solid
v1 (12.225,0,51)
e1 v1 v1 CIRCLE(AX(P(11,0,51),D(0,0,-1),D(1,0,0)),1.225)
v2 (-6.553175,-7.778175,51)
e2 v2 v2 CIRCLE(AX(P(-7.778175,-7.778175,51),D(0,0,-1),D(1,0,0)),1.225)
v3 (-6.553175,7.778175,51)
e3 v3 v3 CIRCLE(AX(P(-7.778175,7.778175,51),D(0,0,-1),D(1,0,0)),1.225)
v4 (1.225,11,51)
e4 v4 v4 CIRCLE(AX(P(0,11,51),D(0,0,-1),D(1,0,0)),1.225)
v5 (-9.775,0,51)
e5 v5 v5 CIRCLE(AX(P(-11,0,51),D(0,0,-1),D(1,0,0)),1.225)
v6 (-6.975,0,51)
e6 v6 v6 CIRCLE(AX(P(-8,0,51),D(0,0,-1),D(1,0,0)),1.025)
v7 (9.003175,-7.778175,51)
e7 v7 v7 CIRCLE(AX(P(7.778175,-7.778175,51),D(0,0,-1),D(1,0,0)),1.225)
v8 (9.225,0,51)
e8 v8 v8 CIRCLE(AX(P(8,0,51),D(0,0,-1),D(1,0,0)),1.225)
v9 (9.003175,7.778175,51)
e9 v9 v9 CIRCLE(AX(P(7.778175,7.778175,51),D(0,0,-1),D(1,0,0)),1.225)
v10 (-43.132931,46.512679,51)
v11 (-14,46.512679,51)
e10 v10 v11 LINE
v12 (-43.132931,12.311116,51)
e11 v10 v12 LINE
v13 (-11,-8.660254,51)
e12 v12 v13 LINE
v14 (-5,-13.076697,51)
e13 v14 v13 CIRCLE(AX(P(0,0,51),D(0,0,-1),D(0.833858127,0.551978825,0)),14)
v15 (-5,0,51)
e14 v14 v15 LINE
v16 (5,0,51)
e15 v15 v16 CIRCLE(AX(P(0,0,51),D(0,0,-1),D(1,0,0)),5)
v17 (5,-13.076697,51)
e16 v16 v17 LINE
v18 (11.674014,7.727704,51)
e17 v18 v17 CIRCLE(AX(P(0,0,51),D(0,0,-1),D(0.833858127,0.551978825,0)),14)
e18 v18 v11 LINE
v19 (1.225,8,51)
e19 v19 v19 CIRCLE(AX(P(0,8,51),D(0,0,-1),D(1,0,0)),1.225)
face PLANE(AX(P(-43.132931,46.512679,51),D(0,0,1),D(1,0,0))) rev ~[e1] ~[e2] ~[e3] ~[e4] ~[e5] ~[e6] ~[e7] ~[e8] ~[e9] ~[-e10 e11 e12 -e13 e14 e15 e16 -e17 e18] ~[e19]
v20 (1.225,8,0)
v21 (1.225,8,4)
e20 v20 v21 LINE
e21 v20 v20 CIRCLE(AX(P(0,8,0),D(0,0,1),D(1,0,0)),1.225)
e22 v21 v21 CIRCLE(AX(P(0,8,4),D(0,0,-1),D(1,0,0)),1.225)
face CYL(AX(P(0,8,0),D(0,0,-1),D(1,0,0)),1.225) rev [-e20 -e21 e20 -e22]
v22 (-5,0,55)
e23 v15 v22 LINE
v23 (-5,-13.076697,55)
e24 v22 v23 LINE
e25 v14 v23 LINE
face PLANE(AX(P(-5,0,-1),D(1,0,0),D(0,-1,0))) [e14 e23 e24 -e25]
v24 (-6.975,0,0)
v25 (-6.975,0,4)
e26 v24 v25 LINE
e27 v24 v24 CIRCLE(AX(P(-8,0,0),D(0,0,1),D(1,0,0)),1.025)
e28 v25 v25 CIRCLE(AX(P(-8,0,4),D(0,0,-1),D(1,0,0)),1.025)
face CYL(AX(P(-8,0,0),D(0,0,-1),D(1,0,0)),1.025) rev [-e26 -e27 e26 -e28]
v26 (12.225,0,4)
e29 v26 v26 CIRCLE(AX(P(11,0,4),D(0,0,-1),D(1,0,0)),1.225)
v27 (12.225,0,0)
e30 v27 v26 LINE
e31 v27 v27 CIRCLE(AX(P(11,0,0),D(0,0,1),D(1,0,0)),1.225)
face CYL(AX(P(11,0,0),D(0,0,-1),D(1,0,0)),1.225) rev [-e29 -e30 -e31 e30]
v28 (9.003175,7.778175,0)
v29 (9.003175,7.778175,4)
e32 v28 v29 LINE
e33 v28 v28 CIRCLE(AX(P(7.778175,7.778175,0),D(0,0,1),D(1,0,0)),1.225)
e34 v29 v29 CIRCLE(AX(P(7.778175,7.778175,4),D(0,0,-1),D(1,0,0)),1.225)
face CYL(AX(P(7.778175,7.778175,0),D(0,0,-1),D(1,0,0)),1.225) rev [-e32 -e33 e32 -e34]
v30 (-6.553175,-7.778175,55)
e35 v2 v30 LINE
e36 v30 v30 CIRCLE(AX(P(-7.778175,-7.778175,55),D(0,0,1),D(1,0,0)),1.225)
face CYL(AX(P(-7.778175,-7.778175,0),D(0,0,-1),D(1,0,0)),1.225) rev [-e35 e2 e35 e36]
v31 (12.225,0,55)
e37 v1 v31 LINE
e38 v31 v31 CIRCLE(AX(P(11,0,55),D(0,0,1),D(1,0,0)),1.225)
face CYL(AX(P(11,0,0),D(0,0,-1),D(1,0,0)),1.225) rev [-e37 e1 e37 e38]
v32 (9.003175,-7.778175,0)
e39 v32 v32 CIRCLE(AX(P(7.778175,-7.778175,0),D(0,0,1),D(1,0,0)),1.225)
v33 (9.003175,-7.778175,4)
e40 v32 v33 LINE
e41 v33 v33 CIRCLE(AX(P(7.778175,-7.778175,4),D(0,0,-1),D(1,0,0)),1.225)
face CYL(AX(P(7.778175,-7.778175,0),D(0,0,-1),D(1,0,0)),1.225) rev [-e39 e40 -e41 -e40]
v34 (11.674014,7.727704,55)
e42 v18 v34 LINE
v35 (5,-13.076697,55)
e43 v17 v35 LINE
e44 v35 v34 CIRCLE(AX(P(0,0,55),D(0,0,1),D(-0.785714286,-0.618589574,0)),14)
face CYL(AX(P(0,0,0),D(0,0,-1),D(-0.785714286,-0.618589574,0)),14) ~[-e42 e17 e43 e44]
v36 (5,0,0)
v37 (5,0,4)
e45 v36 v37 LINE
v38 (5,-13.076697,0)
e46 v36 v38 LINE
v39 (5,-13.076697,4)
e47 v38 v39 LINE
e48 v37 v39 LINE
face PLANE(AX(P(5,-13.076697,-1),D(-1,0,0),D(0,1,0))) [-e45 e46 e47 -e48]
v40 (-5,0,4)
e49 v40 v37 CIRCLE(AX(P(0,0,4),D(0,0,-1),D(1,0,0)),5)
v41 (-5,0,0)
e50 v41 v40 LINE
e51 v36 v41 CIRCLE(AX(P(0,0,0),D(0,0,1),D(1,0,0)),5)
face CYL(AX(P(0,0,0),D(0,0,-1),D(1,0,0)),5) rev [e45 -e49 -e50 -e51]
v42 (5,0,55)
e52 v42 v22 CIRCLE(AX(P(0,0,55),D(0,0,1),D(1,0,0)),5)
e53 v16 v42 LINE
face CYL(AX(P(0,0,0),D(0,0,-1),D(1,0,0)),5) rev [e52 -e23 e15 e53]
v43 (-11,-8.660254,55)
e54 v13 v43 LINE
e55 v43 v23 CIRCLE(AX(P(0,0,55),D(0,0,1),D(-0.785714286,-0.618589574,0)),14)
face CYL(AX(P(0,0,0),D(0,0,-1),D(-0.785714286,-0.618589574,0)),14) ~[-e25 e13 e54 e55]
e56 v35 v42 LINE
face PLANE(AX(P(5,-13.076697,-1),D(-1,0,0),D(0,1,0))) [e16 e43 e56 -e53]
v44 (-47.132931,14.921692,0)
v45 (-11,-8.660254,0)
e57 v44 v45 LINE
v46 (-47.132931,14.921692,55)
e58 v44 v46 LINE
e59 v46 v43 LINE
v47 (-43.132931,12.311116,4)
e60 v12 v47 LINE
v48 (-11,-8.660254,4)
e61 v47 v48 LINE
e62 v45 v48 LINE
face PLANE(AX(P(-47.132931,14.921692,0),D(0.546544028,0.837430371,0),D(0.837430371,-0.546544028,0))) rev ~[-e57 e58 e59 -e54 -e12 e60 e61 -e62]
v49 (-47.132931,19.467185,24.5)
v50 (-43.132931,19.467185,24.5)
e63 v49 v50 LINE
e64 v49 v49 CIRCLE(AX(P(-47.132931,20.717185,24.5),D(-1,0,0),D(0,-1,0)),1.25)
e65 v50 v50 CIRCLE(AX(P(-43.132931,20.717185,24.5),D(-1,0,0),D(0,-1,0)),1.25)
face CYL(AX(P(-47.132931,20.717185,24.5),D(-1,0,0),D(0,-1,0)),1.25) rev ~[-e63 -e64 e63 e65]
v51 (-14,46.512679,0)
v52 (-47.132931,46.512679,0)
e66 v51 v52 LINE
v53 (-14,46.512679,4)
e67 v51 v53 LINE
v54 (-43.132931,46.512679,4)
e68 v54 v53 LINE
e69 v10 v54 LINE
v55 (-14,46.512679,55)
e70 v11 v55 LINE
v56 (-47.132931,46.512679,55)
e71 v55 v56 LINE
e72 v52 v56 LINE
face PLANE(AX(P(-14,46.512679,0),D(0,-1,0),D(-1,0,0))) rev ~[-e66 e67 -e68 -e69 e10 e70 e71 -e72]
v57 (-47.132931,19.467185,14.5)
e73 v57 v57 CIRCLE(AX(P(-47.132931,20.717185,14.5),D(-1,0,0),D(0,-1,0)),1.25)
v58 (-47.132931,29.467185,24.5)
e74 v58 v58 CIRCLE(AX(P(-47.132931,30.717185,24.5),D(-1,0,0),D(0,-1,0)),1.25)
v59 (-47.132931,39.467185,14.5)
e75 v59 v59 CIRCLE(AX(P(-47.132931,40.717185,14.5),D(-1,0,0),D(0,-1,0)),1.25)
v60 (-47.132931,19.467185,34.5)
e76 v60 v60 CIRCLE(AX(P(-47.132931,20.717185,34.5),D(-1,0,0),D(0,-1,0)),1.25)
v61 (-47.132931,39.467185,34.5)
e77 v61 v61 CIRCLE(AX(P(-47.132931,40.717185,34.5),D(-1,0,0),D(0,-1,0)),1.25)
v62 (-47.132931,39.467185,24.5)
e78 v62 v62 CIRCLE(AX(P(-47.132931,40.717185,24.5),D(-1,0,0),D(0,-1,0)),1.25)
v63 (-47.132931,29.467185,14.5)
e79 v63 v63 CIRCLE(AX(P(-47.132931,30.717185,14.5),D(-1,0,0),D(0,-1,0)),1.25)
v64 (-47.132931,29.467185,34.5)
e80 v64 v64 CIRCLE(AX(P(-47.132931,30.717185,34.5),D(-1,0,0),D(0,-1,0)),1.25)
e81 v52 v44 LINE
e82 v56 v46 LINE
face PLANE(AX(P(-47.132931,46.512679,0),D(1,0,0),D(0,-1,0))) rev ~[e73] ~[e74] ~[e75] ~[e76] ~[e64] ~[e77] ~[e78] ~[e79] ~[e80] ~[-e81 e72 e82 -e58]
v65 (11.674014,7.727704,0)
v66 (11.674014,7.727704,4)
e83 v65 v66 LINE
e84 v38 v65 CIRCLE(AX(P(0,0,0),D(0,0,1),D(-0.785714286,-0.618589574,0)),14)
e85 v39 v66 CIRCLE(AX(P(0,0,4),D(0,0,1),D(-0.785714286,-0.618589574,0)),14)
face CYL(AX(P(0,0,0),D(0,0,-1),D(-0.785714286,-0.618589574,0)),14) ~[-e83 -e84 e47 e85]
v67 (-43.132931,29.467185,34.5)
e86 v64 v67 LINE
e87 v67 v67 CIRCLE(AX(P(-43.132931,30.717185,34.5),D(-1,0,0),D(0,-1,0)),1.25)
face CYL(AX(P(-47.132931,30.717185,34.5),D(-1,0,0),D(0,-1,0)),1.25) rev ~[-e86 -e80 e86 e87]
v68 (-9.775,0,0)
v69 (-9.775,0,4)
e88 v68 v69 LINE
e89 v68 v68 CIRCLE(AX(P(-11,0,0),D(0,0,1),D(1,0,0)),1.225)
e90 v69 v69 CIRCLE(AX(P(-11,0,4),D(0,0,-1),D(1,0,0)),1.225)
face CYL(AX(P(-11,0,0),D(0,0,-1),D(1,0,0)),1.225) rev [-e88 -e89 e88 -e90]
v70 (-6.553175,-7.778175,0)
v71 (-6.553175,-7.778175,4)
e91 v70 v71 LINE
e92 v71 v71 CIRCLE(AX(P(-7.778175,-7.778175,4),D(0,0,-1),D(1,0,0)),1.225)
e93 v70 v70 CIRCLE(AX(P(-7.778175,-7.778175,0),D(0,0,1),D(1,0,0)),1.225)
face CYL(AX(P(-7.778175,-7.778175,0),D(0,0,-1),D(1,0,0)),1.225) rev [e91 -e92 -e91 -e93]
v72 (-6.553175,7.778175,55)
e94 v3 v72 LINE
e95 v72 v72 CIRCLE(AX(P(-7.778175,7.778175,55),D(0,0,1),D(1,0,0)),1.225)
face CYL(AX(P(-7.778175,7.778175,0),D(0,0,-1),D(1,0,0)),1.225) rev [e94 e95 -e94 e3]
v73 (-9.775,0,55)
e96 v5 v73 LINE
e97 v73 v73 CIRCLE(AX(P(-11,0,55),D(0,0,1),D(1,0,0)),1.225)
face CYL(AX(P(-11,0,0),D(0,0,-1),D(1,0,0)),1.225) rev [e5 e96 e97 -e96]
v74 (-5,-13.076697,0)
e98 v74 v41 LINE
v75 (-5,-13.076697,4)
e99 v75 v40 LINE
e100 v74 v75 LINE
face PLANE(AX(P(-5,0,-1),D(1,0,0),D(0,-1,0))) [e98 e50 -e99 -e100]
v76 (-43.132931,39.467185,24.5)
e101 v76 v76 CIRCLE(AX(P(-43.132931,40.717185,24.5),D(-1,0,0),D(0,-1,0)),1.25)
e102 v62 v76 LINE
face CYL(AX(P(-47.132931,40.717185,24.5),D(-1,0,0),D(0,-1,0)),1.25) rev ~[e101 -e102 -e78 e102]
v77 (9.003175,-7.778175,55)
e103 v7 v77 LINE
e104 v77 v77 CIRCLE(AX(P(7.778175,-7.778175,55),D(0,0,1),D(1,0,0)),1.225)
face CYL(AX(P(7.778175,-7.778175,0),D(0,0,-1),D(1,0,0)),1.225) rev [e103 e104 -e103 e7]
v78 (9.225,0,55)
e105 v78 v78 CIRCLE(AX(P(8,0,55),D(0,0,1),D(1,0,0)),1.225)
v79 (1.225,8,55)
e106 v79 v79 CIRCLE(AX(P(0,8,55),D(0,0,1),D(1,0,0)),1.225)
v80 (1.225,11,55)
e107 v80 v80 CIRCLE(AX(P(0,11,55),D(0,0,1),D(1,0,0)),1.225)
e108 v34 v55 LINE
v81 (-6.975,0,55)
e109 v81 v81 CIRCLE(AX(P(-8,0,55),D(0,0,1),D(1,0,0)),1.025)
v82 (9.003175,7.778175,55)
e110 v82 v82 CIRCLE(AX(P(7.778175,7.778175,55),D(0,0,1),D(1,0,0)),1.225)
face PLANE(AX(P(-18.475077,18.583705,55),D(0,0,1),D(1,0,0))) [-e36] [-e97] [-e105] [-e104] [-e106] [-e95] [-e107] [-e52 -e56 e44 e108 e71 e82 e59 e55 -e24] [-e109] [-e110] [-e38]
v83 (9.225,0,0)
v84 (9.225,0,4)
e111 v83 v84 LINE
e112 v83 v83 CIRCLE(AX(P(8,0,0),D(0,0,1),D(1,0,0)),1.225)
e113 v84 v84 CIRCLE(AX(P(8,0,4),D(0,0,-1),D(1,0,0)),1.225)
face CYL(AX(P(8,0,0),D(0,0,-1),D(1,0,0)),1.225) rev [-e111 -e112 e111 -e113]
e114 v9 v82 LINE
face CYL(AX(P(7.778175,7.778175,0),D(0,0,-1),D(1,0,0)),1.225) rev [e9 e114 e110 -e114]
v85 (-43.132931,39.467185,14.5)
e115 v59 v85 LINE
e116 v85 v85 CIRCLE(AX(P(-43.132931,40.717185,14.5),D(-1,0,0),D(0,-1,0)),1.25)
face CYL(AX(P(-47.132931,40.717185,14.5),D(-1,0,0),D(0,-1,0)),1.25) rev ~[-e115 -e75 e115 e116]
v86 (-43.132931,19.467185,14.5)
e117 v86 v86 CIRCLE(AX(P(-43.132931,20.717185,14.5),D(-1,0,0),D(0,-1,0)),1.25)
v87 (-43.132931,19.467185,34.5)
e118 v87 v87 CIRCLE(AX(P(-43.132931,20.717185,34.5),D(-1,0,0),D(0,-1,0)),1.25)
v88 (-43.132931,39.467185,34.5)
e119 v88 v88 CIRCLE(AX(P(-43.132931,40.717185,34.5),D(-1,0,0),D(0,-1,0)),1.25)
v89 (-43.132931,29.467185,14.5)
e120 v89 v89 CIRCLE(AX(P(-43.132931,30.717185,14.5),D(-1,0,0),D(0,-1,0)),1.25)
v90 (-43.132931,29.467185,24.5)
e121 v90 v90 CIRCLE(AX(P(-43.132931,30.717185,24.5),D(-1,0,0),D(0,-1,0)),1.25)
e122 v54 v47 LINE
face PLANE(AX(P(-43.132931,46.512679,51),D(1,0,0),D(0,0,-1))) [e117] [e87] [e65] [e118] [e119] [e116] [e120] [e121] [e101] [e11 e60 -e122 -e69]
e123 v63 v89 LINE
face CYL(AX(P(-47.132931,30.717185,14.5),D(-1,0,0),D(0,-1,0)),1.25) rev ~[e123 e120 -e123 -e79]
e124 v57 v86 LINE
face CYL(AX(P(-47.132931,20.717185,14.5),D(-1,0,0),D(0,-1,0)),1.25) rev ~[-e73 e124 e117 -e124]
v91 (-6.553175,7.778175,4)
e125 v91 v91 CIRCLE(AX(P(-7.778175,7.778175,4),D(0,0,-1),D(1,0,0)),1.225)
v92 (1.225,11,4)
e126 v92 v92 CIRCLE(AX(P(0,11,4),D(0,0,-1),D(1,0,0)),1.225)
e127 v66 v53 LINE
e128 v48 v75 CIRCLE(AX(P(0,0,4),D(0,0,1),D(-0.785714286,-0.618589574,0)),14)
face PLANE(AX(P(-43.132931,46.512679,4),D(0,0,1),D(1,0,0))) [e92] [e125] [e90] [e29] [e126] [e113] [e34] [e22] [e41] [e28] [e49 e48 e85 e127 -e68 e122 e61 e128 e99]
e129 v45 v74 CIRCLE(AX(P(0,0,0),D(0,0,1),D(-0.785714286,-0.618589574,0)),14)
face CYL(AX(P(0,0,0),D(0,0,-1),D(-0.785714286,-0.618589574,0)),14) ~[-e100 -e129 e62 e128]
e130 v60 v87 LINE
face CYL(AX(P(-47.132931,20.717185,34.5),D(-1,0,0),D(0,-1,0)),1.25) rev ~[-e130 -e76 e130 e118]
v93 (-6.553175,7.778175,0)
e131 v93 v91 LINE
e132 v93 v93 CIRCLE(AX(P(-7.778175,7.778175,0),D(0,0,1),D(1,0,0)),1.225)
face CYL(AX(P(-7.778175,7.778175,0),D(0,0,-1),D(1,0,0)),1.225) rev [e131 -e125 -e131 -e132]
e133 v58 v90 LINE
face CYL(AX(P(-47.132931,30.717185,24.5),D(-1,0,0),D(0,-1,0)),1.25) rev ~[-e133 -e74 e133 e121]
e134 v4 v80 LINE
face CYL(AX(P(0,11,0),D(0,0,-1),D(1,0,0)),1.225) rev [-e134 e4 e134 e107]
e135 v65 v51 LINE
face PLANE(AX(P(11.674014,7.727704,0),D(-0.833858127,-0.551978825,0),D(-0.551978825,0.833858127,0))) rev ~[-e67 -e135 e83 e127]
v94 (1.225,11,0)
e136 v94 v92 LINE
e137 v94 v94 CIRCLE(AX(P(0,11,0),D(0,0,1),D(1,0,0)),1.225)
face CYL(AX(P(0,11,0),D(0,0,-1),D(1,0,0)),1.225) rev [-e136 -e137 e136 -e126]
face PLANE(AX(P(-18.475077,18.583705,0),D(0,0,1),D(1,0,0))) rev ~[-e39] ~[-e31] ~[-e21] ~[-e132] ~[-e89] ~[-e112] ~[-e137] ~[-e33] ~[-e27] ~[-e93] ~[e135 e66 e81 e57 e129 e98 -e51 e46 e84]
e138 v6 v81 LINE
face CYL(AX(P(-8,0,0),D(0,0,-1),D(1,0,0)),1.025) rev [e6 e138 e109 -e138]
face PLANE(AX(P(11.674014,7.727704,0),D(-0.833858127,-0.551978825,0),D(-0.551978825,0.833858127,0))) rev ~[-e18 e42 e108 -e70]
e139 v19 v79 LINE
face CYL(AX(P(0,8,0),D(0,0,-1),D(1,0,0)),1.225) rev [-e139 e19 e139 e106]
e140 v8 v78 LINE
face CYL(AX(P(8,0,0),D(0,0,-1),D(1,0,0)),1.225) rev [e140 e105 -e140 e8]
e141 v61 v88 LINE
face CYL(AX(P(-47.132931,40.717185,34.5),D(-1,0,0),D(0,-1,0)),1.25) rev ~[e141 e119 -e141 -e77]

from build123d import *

# Parameters (mm, degrees)
SKETCH_1_R          = 5
SKETCH_1_R_2        = 1.225
SKETCH_1_R_3        = 1.025
EXTRUDE_1_DEPTH     = 55
SKETCH_2_W          = 57.132931415
SKETCH_2_H          = 47
CUT_EXTRUDE_1_DEPTH = 66
SKETCH_3_R          = 1.25
CUT_EXTRUDE_2_DEPTH = 49
CUT_EXTRUDE_START   = -56
CUT_EXTRUDE_3_DEPTH = 56


with BuildPart() as part:
    # 스케치1 → 보스-돌출1 (new body)
    with BuildSketch(Plane.XY):
        with BuildLine():
            Line((11.674013781, 7.727703555), (-14, 46.512678751))
            Line((-14, 46.512678751), (-47.132931415, 46.512678751))
            Line((-47.132931415, 46.512678751), (-47.132931415, 14.921692086))
            Line((-47.132931415, 14.921692086), (-11, -8.660254038))
            ThreePointArc((-11, -8.660254038), (8.200906179, -11.346591463), (11.674013781, 7.727703555))
        make_face()
        Circle(SKETCH_1_R, mode=Mode.SUBTRACT)
        with Locations((0, 8)):
            Circle(SKETCH_1_R_2, mode=Mode.SUBTRACT)
        with Locations((0, 11)):
            Circle(SKETCH_1_R_2, mode=Mode.SUBTRACT)
        with Locations((7.778174593, 7.778174593)):
            Circle(SKETCH_1_R_2, mode=Mode.SUBTRACT)
        with Locations((8, 0)):
            Circle(SKETCH_1_R_2, mode=Mode.SUBTRACT)
        with Locations((11, 0)):
            Circle(SKETCH_1_R_2, mode=Mode.SUBTRACT)
        with Locations((7.778174593, -7.778174593)):
            Circle(SKETCH_1_R_2, mode=Mode.SUBTRACT)
        with Locations((0, -8)):
            Circle(SKETCH_1_R_2, mode=Mode.SUBTRACT)
        with Locations((0, -11)):
            Circle(SKETCH_1_R_2, mode=Mode.SUBTRACT)
        with Locations((-7.778174593, -7.778174593)):
            Circle(SKETCH_1_R_2, mode=Mode.SUBTRACT)
        with Locations((-8, 0)):
            Circle(SKETCH_1_R_3, mode=Mode.SUBTRACT)
        with Locations((-11, 0)):
            Circle(SKETCH_1_R_2, mode=Mode.SUBTRACT)
        with Locations((-7.778174593, 7.778174593)):
            Circle(SKETCH_1_R_2, mode=Mode.SUBTRACT)
    extrude(amount=EXTRUDE_1_DEPTH)

    # 스케치2 → 컷-돌출1 (cut)
    with BuildSketch(Plane(origin=(0, 46.512678751, 0), x_dir=(1, 0, 0), z_dir=(0, 1, 0))):
        with Locations((-14.566465708, -27.5)):
            Rectangle(SKETCH_2_W, SKETCH_2_H)
    extrude(amount=-CUT_EXTRUDE_1_DEPTH, mode=Mode.SUBTRACT)

    # 스케치3 → 컷-돌출2 (cut)
    with BuildSketch(Plane.ZY.offset(47.132931415)):
        with Locations(Location((24.5, 30.717185419, 0), (0, 0, 270))):
            Circle(SKETCH_3_R)
        with Locations(Location((14.5, 40.717185419, 0), (0, 0, 270))):
            Circle(SKETCH_3_R)
        with Locations(Location((34.5, 30.717185419, 0), (0, 0, 270))):
            Circle(SKETCH_3_R)
        with Locations(Location((24.5, 40.717185419, 0), (0, 0, 270))):
            Circle(SKETCH_3_R)
        with Locations(Location((14.5, 30.717185419, 0), (0, 0, 270))):
            Circle(SKETCH_3_R)
        with Locations(Location((34.5, 40.717185419, 0), (0, 0, 270))):
            Circle(SKETCH_3_R)
        with Locations(Location((14.5, 20.717185419, 0), (0, 0, 270))):
            Circle(SKETCH_3_R)
        with Locations(Location((24.5, 20.717185419, 0), (0, 0, 270))):
            Circle(SKETCH_3_R)
        with Locations(Location((34.5, 20.717185419, 0), (0, 0, 270))):
            Circle(SKETCH_3_R)
    extrude(amount=-CUT_EXTRUDE_2_DEPTH, mode=Mode.SUBTRACT)

    # 스케치4 → 컷-돌출3 (cut)
    with BuildSketch(Plane.XY.offset(55).offset(CUT_EXTRUDE_START)):
        with BuildLine():
            Line((-5, 0), (-5, -13.076696831))
            ThreePointArc((-5, -13.076696831), (0, -14), (5, -13.076696831))
            Line((5, -13.076696831), (5, 0))
            Line((5, 0), (-5, 0))
        make_face()
    extrude(amount=CUT_EXTRUDE_3_DEPTH, mode=Mode.SUBTRACT)


solid = part.part
